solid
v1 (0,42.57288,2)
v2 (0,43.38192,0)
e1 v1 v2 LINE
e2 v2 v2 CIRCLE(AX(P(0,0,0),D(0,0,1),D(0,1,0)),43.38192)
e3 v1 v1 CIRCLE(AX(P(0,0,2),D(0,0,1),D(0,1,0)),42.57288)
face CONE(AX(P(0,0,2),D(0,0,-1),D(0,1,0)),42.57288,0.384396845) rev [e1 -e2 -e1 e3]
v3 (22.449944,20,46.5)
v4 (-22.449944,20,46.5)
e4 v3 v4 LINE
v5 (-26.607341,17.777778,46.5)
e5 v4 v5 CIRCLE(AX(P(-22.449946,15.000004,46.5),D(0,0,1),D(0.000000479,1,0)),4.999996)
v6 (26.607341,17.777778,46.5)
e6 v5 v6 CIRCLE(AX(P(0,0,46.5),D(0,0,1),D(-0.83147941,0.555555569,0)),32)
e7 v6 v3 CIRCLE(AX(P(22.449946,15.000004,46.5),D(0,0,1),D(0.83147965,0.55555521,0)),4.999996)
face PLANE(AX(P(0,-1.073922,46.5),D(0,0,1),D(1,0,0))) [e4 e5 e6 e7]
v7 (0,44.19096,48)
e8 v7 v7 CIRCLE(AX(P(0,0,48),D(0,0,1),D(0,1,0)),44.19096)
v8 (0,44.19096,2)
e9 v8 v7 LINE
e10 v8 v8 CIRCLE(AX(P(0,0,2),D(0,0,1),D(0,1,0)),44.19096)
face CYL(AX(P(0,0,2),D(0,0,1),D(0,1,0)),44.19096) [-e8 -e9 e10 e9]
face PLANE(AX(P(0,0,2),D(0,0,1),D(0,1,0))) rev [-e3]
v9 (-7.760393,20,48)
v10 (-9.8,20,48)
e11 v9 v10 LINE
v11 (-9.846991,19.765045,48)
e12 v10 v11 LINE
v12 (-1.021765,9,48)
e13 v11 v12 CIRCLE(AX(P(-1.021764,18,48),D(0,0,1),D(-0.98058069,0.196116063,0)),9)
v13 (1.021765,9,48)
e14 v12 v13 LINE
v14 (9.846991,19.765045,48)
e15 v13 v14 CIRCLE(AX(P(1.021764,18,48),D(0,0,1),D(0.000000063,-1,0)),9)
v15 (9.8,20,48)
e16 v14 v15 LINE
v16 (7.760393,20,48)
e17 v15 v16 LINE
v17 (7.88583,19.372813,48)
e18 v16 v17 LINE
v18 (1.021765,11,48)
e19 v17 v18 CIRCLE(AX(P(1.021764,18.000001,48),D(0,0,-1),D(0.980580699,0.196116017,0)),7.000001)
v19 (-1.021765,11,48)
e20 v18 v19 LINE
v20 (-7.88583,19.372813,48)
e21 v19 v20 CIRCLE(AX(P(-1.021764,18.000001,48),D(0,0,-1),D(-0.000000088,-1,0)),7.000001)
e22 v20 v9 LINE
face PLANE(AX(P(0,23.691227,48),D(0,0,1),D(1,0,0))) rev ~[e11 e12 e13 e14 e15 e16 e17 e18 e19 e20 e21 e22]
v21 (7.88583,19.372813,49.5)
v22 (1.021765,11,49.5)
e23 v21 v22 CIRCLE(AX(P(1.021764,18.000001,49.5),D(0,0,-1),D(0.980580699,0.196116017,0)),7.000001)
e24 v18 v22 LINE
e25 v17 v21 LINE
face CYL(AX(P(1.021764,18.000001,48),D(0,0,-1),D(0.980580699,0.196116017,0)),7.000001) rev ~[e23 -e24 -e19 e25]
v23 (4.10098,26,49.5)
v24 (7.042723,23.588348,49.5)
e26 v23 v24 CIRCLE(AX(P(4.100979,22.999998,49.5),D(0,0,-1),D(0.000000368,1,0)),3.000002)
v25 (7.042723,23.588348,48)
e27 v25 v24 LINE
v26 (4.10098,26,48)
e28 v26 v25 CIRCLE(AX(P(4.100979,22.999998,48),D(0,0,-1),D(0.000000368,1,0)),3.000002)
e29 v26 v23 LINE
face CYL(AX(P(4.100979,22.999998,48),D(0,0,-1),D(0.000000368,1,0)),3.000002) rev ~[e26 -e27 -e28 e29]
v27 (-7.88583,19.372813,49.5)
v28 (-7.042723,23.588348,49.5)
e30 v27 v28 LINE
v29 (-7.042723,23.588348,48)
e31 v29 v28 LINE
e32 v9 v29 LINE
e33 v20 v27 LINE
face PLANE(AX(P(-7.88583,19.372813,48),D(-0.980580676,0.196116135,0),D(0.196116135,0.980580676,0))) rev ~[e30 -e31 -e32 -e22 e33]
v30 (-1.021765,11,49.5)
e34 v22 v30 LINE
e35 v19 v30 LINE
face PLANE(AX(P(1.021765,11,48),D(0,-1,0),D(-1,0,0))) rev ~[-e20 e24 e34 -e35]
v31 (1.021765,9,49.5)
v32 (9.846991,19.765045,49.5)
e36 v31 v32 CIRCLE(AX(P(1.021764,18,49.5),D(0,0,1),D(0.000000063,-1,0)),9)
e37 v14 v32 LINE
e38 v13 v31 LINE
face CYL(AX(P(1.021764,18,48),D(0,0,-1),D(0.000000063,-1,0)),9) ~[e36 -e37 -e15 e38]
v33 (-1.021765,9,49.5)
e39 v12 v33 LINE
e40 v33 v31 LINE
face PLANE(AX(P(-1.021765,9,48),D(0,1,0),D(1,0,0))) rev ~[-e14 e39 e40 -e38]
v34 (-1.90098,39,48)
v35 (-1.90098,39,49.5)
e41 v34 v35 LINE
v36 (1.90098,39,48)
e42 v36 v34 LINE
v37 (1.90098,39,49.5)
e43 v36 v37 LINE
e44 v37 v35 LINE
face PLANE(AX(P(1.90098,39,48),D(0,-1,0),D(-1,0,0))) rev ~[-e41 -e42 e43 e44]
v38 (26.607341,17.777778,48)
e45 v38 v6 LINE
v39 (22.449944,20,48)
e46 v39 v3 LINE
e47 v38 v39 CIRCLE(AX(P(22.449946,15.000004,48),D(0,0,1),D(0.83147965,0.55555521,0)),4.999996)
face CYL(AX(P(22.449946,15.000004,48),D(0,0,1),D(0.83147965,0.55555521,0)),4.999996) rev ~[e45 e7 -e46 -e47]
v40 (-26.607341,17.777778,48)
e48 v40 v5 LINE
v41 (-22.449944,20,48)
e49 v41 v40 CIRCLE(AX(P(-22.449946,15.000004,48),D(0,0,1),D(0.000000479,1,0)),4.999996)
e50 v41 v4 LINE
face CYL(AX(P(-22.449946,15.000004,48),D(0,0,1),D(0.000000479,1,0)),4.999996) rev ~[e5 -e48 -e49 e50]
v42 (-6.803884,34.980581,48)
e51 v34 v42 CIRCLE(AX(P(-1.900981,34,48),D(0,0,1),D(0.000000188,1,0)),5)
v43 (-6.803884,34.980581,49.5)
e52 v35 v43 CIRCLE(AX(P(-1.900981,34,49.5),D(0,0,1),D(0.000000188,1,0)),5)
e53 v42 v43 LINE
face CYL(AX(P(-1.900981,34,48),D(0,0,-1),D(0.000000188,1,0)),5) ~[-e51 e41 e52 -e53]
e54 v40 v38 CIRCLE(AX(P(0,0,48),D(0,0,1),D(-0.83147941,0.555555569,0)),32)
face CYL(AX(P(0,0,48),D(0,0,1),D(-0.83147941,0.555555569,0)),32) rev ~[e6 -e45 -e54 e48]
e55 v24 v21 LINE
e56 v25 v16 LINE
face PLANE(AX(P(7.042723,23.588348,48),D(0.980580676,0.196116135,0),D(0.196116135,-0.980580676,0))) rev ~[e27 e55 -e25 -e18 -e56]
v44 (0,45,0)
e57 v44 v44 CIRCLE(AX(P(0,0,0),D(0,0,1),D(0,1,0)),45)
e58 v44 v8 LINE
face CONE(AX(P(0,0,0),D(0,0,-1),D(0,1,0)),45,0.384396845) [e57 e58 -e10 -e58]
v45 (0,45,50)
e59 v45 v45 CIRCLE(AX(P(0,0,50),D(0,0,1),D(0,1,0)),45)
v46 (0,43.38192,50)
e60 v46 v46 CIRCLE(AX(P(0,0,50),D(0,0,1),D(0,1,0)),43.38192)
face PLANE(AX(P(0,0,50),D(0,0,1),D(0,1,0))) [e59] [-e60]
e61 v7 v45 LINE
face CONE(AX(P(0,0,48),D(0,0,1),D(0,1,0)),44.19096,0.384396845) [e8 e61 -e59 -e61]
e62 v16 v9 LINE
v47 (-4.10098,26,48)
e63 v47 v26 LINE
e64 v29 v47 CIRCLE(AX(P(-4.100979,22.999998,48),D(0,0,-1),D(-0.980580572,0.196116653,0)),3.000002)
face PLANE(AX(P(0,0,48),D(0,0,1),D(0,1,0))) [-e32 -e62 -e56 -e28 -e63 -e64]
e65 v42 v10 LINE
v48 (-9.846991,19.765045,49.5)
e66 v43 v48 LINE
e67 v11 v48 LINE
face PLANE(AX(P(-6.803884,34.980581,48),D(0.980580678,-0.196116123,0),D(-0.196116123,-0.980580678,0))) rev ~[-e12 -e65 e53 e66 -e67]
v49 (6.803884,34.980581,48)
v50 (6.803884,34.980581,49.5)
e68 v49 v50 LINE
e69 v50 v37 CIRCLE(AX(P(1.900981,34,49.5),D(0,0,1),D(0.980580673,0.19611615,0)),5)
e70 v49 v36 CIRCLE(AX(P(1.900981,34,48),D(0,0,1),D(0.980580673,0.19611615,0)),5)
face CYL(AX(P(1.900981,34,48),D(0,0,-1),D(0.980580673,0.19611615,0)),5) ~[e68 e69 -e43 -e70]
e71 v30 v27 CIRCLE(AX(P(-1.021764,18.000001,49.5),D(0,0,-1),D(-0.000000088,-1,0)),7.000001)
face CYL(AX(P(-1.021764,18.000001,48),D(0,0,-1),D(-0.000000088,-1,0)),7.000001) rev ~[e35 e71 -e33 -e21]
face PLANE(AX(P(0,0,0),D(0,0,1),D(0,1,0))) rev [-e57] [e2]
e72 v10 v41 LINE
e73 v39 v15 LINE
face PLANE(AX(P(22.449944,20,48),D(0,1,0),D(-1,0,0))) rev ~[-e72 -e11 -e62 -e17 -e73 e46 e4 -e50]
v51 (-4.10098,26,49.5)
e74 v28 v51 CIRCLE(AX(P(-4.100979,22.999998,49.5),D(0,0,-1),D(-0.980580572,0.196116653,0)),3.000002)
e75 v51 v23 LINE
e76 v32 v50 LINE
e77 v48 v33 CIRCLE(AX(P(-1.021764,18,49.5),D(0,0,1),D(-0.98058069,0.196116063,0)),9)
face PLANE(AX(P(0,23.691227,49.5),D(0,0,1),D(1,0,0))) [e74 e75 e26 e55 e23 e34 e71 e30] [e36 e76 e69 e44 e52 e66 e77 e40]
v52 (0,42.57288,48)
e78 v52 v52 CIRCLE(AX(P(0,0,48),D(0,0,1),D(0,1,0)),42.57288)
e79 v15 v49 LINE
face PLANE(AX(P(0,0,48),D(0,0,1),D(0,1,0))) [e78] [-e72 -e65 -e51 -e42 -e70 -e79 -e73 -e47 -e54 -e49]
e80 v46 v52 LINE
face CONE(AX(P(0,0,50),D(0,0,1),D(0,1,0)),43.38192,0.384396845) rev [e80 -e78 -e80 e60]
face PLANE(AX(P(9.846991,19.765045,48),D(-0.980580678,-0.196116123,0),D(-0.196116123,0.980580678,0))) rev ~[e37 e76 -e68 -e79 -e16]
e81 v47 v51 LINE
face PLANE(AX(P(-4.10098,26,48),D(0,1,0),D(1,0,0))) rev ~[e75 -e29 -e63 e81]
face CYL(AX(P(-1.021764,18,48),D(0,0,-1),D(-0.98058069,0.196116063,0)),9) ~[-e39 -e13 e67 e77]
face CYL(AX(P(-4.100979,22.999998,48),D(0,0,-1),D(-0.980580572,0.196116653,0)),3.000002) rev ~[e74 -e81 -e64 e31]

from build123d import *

# Parameters (mm, degrees)
F3_DEPTH = 1.5
F5_DEPTH = 1.5


with BuildPart() as f1:
    # F0 (on Right) → F1 (revolve)
    with BuildSketch(Plane.YZ):
        Polygon((0, 48), (0, 2), (42.57288, 2), (43.38192, 0), (45, 0), (44.19096, 2), (44.19096, 48), (45, 50), (43.38192, 50), (42.57288, 48), align=None)
    revolve(axis=Axis((0, 0, 25), (0, 0, 1)))

    # F2 (on face) → F3 (cut)
    with BuildSketch(Plane.XY.offset(48)):
        with BuildLine():
            ThreePointArc((-22.449944, 20), (-24.806967, 19.409586), (-26.607341, 17.777778))
            ThreePointArc((-26.607341, 17.777778), (0, -32), (26.607341, 17.777778))
            ThreePointArc((26.607341, 17.777778), (24.806967, 19.409586), (22.449944, 20))
            Line((22.449944, 20), (-22.449944, 20))
        make_face()
    extrude(amount=-F3_DEPTH, mode=Mode.SUBTRACT)

    # F4 (on face) → F5 (join)
    with BuildSketch(Plane.XY.offset(48)):
        with BuildLine():
            Line((1.90098, 39), (-1.90098, 39))
            ThreePointArc((-1.90098, 39), (-5.070925, 37.866711), (-6.803884, 34.980581))
            Line((-6.803884, 34.980581), (-9.846991, 19.765045))
            ThreePointArc((-9.846991, 19.765045), (-7.981844, 12.2941), (-1.021765, 9))
            Line((-1.021765, 9), (1.021765, 9))
            ThreePointArc((1.021765, 9), (7.981844, 12.2941), (9.846991, 19.765045))
            Line((9.846991, 19.765045), (6.803884, 34.980581))
            ThreePointArc((6.803884, 34.980581), (5.070925, 37.866711), (1.90098, 39))
        make_face()
        with BuildLine():
            ThreePointArc((7.88583, 19.372813), (6.43516, 13.562078), (1.021765, 11))
            Line((1.021765, 11), (-1.021765, 11))
            ThreePointArc((-1.021765, 11), (-6.43516, 13.562078), (-7.88583, 19.372813))
            Line((-7.88583, 19.372813), (-7.042723, 23.588348))
            ThreePointArc((-7.042723, 23.588348), (-6.002947, 25.320026), (-4.10098, 26))
            Line((-4.10098, 26), (4.10098, 26))
            ThreePointArc((4.10098, 26), (6.002947, 25.320026), (7.042723, 23.588348))
            Line((7.042723, 23.588348), (7.88583, 19.372813))
        make_face(mode=Mode.SUBTRACT)
    extrude(amount=F5_DEPTH)


solid = f1.part
